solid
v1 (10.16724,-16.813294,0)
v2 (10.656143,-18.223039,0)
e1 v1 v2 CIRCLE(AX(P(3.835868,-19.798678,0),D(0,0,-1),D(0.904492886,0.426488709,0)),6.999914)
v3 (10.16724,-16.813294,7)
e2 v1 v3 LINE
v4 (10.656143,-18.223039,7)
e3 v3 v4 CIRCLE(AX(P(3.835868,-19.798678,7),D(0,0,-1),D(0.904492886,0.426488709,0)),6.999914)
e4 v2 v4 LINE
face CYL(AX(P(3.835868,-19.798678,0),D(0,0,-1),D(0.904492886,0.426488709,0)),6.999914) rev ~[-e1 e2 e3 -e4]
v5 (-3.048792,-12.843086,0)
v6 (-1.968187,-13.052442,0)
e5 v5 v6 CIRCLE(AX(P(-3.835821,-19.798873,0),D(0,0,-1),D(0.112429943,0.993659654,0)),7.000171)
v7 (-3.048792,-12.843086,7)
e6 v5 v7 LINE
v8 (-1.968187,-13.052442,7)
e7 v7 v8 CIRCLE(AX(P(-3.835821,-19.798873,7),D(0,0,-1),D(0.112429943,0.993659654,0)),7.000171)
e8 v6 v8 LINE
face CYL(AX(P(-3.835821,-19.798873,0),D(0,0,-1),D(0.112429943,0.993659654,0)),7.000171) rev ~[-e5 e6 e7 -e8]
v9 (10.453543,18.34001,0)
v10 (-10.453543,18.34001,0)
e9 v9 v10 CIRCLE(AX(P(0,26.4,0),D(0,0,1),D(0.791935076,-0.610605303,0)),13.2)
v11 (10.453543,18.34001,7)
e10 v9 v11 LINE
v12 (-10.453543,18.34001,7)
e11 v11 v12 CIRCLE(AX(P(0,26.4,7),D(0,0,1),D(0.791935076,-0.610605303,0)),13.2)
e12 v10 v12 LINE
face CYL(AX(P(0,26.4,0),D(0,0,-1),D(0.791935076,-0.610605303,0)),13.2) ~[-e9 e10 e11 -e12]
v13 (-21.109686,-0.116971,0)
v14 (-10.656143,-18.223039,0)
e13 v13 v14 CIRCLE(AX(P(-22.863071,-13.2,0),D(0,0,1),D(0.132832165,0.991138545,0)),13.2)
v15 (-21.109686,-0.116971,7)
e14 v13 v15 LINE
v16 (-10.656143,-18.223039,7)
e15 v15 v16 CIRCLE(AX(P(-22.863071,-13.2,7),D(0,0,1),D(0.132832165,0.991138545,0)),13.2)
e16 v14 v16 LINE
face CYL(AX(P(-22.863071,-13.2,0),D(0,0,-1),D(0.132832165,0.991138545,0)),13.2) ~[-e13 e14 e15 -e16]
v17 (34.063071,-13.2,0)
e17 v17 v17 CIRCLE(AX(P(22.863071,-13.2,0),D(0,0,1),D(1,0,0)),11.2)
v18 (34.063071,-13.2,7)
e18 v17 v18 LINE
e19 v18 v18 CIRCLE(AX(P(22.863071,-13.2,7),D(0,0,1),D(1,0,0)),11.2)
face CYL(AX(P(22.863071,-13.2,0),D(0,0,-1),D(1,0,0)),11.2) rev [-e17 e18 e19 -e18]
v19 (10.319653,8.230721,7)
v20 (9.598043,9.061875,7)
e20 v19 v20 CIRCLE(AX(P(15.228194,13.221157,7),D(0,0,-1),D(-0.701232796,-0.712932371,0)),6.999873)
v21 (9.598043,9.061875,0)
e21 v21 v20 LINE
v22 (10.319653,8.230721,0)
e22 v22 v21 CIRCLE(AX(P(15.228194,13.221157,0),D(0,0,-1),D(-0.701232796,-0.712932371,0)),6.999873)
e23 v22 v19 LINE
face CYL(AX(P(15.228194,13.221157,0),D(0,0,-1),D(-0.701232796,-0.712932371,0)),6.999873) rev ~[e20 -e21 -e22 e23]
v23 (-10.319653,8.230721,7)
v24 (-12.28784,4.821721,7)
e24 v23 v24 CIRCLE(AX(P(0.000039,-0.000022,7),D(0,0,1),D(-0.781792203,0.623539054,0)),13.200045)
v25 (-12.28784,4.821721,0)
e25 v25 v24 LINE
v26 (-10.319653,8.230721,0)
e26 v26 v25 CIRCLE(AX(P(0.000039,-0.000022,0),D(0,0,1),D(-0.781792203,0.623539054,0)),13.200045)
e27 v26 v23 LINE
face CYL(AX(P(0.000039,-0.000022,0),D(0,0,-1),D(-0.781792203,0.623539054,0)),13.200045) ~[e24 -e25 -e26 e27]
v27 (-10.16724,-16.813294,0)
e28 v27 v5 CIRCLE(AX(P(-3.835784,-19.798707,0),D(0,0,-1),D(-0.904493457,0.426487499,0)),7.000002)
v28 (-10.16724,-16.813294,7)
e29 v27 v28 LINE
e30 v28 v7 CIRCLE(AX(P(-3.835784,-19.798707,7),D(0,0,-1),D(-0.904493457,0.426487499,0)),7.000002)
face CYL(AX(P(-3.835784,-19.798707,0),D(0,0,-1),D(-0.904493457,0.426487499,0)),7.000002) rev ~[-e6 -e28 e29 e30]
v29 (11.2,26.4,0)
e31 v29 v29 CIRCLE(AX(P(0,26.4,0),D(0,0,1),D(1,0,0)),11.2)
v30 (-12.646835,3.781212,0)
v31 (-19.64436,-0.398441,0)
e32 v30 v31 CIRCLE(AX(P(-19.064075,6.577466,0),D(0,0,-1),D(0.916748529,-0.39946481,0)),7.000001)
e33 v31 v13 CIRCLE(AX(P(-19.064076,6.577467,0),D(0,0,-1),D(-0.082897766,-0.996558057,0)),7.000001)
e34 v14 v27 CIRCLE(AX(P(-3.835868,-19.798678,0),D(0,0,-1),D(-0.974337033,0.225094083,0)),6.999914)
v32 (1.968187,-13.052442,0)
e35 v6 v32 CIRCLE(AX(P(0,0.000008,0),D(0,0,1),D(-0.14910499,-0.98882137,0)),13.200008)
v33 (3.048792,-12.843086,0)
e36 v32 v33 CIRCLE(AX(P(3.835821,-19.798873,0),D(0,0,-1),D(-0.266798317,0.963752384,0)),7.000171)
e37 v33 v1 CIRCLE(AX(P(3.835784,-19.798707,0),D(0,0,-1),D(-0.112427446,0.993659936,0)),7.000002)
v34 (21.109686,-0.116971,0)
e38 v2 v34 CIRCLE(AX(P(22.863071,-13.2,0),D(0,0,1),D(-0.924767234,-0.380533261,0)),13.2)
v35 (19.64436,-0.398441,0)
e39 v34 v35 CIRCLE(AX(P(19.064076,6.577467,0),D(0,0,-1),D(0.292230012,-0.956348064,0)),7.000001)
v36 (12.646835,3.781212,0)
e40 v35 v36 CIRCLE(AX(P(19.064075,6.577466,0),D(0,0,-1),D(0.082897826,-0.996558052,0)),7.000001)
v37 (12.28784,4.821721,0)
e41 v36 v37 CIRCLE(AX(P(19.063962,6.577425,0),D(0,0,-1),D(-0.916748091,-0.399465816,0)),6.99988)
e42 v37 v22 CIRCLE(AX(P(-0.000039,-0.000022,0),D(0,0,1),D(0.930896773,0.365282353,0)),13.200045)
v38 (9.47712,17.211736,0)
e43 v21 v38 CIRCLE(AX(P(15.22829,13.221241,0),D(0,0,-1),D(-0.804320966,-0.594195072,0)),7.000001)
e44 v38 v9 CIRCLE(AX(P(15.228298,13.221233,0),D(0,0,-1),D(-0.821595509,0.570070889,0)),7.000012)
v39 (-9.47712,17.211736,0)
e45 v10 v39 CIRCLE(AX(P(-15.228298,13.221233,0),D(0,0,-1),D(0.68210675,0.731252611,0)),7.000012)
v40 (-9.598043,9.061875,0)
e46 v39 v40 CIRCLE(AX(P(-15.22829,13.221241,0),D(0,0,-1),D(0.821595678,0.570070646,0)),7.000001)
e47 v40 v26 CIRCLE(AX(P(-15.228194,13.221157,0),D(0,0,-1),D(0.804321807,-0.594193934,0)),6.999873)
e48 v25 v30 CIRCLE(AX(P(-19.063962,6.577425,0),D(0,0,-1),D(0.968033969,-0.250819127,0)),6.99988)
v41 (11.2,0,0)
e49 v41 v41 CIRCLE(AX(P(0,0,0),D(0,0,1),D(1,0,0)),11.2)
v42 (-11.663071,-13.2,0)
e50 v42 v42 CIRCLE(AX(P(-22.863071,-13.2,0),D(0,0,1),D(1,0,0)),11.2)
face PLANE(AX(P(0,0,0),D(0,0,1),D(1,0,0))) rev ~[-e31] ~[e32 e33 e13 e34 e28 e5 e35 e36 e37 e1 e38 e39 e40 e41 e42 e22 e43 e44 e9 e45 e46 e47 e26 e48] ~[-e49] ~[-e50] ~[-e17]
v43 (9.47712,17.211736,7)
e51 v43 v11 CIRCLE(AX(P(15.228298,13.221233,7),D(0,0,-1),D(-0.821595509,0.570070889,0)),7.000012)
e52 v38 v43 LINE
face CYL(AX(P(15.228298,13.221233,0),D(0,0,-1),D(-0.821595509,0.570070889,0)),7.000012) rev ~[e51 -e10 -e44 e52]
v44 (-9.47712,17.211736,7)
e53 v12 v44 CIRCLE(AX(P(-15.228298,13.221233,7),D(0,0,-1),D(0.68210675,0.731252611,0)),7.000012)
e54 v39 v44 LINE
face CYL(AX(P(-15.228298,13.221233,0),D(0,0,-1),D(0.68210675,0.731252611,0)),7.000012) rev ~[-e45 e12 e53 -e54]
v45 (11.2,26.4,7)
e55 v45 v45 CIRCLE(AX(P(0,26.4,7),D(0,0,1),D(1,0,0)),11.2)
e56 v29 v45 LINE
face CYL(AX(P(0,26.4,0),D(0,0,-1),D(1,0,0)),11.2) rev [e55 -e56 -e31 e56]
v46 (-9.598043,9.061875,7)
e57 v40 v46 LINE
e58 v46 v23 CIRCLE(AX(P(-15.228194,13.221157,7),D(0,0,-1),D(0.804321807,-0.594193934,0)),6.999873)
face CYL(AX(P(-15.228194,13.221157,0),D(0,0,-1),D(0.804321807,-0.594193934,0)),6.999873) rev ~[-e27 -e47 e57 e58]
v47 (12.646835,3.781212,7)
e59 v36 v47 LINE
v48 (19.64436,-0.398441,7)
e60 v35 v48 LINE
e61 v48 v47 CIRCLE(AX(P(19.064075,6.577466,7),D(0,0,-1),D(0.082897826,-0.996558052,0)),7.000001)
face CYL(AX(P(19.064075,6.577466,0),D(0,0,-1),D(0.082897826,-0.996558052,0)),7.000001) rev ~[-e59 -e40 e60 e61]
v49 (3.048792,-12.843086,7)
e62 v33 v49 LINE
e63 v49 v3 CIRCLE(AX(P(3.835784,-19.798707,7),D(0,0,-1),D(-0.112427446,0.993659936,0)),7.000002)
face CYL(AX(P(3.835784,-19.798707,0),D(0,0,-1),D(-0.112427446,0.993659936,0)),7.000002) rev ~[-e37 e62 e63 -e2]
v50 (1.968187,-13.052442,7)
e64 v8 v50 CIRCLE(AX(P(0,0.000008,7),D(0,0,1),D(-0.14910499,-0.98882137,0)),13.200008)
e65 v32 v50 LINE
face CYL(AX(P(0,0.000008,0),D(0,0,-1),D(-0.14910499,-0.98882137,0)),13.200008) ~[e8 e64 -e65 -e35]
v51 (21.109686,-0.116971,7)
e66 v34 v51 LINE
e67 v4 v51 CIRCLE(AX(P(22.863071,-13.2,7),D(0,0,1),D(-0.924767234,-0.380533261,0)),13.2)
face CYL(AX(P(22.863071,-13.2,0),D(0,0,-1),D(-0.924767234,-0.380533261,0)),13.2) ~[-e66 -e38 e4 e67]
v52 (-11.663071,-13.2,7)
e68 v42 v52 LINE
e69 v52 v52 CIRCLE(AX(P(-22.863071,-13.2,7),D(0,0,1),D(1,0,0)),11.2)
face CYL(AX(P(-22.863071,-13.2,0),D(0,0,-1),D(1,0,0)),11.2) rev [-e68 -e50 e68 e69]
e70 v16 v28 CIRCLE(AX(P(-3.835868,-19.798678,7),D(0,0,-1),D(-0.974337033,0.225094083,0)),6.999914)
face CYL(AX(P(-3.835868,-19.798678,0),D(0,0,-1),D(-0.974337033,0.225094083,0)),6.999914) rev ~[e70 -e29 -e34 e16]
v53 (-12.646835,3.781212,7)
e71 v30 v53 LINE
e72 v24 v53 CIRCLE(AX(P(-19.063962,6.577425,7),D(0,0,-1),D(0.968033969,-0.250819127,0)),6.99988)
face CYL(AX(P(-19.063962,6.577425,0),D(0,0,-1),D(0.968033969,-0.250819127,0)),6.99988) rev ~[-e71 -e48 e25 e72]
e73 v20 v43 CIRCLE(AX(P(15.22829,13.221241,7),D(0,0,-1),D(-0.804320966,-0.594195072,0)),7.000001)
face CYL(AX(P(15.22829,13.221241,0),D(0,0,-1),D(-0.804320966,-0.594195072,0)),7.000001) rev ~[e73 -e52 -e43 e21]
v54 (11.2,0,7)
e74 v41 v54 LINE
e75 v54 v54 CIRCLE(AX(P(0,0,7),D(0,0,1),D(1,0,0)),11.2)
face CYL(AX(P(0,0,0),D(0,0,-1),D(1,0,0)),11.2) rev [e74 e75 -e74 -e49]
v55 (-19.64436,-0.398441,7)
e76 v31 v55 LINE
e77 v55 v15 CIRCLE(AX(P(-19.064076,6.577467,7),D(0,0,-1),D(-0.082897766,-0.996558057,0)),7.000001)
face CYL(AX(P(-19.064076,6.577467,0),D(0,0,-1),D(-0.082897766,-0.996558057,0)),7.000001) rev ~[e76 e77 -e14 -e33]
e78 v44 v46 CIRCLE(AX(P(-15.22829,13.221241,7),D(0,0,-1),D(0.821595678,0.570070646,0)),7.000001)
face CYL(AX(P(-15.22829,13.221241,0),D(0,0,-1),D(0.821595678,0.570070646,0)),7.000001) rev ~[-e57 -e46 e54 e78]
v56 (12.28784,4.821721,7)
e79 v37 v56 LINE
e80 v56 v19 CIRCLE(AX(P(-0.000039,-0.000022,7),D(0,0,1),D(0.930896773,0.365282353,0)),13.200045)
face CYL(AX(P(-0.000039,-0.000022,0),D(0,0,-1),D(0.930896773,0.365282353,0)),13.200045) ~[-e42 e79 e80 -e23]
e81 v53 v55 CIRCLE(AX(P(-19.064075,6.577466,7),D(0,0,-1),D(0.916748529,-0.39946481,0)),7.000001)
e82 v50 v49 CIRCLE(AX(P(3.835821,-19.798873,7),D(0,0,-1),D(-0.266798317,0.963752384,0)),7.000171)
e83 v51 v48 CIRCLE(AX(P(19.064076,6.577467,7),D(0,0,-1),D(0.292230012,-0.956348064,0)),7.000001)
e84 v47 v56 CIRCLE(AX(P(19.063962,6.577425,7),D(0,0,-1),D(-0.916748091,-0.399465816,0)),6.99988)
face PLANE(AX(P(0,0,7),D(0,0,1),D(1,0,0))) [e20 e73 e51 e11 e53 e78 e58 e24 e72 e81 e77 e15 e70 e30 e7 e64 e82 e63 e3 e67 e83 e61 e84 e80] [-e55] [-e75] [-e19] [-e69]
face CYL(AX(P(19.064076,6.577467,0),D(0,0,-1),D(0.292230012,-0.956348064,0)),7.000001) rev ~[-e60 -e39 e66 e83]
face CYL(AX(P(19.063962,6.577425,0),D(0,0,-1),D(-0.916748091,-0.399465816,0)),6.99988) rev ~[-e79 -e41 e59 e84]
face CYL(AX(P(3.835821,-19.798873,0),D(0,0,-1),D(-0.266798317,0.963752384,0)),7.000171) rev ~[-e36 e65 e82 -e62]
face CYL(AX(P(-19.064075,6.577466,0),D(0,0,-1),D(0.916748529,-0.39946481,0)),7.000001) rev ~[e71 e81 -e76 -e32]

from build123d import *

# Parameters (mm, degrees)
F0_R     = 11.2
F1_DEPTH = 7


with BuildPart() as f1:
    # F0 (on Top) → F1 (new body)
    with BuildSketch(Plane.XY):
        with BuildLine():
            ThreePointArc((9.598043, 9.061875), (8.22906, 13.11739), (9.47712, 17.211736))
            ThreePointArc((9.47712, 17.211736), (9.935183, 17.801964), (10.453543, 18.34001))
            ThreePointArc((10.453543, 18.34001), (0, 39.6), (-10.453543, 18.34001))
            ThreePointArc((-10.453543, 18.34001), (-9.935183, 17.801964), (-9.47712, 17.211736))
            ThreePointArc((-9.47712, 17.211736), (-8.22906, 13.11739), (-9.598043, 9.061875))
            ThreePointArc((-9.598043, 9.061875), (-9.942486, 8.632092), (-10.319653, 8.230721))
            ThreePointArc((-10.319653, 8.230721), (-11.431535, 6.6), (-12.28784, 4.821721))
            ThreePointArc((-12.28784, 4.821721), (-12.446854, 4.294399), (-12.646835, 3.781212))
            ThreePointArc((-12.646835, 3.781212), (-15.474523, 0.56788), (-19.64436, -0.398441))
            ThreePointArc((-19.64436, -0.398441), (-20.384544, -0.296861), (-21.109686, -0.116971))
            ThreePointArc((-21.109686, -0.116971), (-34.294606, -19.8), (-10.656143, -18.223039))
            ThreePointArc((-10.656143, -18.223039), (-10.449362, -17.505103), (-10.16724, -16.813294))
            ThreePointArc((-10.16724, -16.813294), (-7.245463, -13.68527), (-3.048792, -12.843086))
            ThreePointArc((-3.048792, -12.843086), (-2.504368, -12.926492), (-1.968187, -13.052442))
            ThreePointArc((-1.968187, -13.052442), (0, -13.2), (1.968187, -13.052442))
            ThreePointArc((1.968187, -13.052442), (2.504368, -12.926492), (3.048792, -12.843086))
            ThreePointArc((3.048792, -12.843086), (7.245463, -13.68527), (10.16724, -16.813294))
            ThreePointArc((10.16724, -16.813294), (10.449362, -17.505103), (10.656143, -18.223039))
            ThreePointArc((10.656143, -18.223039), (34.294606, -19.8), (21.109686, -0.116971))
            ThreePointArc((21.109686, -0.116971), (20.384544, -0.296861), (19.64436, -0.398441))
            ThreePointArc((19.64436, -0.398441), (15.474523, 0.56788), (12.646835, 3.781212))
            ThreePointArc((12.646835, 3.781212), (12.446854, 4.294399), (12.28784, 4.821721))
            ThreePointArc((12.28784, 4.821721), (11.431535, 6.6), (10.319653, 8.230721))
            ThreePointArc((10.319653, 8.230721), (9.942486, 8.632092), (9.598043, 9.061875))
        make_face()
        with Locations((-22.863071, -13.2)):
            Circle(F0_R, mode=Mode.SUBTRACT)
        with Locations((22.863071, -13.2)):
            Circle(F0_R, mode=Mode.SUBTRACT)
        Circle(F0_R, mode=Mode.SUBTRACT)
        with Locations((0, 26.4)):
            Circle(F0_R, mode=Mode.SUBTRACT)
    extrude(amount=F1_DEPTH)


solid = f1.part
